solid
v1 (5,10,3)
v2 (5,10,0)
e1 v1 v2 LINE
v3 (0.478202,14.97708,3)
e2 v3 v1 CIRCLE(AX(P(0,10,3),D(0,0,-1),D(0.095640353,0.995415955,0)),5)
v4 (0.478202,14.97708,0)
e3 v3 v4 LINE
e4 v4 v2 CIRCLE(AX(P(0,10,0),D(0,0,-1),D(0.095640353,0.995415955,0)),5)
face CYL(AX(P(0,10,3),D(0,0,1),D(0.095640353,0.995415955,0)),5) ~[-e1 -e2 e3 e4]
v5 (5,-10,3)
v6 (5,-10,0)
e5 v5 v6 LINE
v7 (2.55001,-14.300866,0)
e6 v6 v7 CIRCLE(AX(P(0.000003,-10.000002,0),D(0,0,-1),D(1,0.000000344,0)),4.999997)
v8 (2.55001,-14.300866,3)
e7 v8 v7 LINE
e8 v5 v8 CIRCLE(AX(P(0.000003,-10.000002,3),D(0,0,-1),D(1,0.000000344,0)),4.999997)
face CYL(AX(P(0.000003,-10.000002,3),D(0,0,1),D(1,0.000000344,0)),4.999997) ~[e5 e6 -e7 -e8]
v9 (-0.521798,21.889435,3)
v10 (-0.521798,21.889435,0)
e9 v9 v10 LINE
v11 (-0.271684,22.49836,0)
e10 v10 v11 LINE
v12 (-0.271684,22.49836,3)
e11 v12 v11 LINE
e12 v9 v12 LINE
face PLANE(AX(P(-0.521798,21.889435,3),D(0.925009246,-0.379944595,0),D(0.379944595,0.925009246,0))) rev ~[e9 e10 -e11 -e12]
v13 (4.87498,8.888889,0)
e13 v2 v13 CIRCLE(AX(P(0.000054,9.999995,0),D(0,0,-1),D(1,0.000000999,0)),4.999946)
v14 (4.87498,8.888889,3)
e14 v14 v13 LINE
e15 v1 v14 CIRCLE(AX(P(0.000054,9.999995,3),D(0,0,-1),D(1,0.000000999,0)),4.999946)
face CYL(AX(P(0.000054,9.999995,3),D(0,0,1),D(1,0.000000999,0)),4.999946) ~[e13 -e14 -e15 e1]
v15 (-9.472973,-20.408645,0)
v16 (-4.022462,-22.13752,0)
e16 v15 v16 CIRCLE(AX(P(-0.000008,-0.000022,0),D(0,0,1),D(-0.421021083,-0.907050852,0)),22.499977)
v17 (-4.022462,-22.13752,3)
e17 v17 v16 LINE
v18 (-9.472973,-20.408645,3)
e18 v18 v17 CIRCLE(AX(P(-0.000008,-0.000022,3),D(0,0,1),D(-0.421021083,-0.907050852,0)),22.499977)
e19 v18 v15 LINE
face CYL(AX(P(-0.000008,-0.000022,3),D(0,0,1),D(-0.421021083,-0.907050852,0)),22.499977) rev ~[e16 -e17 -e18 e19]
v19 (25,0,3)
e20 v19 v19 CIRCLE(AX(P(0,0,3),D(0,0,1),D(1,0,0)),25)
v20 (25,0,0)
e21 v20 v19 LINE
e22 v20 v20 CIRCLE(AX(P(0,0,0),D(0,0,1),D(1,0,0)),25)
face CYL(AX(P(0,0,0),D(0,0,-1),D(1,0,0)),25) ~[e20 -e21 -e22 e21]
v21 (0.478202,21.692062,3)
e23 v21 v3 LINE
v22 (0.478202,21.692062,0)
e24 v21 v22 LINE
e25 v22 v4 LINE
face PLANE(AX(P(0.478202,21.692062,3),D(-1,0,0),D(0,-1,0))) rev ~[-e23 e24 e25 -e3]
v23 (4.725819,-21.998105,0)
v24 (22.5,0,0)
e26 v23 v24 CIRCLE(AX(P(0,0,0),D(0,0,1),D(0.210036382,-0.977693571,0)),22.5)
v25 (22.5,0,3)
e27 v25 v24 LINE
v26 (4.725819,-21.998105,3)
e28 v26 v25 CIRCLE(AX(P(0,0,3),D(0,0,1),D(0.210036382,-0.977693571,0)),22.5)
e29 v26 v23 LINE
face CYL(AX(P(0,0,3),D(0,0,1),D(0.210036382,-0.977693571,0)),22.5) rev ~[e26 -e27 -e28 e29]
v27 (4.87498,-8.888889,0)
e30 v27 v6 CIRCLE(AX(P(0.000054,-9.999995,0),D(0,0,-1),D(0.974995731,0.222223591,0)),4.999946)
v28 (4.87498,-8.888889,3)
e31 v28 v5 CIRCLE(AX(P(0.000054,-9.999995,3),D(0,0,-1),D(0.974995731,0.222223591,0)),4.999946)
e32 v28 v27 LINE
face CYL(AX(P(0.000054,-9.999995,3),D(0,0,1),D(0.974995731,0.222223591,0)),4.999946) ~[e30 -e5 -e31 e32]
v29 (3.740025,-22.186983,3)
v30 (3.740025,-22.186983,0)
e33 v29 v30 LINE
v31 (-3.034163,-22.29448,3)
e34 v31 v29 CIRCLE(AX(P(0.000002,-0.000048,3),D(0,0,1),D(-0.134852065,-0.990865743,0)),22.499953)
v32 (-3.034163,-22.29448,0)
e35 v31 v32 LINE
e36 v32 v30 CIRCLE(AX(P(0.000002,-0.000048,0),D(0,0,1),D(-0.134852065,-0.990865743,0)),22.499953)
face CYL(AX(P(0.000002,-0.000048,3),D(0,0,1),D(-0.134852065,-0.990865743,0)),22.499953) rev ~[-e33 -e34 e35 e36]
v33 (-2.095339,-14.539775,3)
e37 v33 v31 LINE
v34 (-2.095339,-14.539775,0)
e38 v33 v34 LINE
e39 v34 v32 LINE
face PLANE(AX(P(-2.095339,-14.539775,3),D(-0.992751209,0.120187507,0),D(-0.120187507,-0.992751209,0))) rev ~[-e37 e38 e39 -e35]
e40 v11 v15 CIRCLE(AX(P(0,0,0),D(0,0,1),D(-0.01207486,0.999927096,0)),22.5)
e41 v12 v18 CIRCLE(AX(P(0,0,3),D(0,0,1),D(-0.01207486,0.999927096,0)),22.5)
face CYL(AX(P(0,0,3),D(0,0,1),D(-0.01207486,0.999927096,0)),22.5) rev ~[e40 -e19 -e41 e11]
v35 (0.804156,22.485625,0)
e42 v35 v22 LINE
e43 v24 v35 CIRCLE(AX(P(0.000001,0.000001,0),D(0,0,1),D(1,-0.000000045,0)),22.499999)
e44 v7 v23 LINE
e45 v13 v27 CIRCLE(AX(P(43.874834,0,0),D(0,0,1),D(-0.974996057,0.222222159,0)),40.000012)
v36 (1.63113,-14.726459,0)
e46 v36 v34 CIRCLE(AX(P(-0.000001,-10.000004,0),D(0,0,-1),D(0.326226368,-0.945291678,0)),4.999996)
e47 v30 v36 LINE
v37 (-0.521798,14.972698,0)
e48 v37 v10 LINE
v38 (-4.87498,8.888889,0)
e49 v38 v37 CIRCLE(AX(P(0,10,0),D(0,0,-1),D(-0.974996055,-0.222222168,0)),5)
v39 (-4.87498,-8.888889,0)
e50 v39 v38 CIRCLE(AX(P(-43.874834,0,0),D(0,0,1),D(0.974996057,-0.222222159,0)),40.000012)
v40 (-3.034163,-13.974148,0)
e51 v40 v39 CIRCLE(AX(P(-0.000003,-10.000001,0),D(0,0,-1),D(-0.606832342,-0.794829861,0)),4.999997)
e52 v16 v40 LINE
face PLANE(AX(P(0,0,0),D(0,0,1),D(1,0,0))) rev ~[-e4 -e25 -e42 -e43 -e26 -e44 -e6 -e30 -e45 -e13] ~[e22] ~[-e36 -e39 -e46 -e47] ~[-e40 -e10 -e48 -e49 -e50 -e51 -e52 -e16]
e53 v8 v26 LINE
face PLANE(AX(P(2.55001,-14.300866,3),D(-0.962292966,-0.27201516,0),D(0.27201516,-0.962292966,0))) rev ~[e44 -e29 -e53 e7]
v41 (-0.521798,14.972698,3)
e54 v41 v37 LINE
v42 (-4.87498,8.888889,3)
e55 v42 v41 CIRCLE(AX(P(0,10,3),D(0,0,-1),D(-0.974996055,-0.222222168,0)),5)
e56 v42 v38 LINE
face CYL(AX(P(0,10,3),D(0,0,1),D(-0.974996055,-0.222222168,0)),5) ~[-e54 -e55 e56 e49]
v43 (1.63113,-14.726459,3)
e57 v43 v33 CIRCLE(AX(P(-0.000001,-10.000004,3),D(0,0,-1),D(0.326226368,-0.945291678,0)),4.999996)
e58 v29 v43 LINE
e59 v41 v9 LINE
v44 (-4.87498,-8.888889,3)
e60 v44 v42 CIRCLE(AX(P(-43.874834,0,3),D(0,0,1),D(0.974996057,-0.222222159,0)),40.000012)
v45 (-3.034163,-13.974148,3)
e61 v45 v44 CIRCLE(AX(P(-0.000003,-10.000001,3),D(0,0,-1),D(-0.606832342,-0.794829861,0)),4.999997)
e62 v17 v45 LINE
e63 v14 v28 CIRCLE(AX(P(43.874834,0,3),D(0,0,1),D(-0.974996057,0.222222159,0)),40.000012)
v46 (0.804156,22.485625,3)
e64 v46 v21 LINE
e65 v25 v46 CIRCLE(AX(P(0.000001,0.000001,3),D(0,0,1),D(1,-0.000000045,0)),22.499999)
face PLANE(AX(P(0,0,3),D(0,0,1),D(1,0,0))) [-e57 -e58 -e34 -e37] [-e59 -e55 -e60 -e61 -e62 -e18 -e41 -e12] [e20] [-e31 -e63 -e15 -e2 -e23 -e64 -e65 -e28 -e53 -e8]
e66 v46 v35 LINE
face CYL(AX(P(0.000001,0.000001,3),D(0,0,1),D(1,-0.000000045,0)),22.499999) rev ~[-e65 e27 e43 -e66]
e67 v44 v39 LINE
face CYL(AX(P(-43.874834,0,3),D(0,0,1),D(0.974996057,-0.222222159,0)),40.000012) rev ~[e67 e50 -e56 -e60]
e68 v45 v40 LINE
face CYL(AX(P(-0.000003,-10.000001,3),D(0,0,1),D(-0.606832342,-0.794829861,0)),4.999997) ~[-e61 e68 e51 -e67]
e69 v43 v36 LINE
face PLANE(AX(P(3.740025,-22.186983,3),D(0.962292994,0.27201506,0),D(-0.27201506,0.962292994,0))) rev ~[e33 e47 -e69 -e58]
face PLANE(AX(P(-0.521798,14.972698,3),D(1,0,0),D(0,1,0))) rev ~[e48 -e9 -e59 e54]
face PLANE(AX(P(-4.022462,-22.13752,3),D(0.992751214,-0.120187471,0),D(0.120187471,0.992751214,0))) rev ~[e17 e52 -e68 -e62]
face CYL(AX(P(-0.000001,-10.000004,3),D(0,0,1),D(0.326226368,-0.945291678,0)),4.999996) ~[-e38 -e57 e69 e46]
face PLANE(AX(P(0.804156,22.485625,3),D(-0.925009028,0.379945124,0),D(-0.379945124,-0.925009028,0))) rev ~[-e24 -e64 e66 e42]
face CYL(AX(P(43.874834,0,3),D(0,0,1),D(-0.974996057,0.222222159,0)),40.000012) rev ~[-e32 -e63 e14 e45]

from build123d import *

# Parameters (mm, degrees)
F0_R     = 25
F1_DEPTH = 3
F3_DEPTH = 3


with BuildPart() as f1:
    # F0 (on Top) → F1 (new body)
    with BuildSketch(Plane.XY):
        Circle(F0_R)
    extrude(amount=F1_DEPTH)

    # F2 (on face) → F3 (cut)
    with BuildSketch(Plane.XY.offset(3)):
        with BuildLine():
            ThreePointArc((4.725819, -21.998105), (17.501156, -14.140705), (22.5, 0))
            ThreePointArc((22.5, 0), (16.191719, 15.623004), (0.804156, 22.485625))
            Line((0.804156, 22.485625), (0.478202, 21.692062))
            Line((0.478202, 21.692062), (0.478202, 14.97708))
            ThreePointArc((0.478202, 14.97708), (3.700744, 13.362216), (5, 10))
            ThreePointArc((5, 10), (4.968647, 9.440939), (4.87498, 8.888889))
            ThreePointArc((4.87498, 8.888889), (3.874822, 0), (4.87498, -8.888889))
            ThreePointArc((4.87498, -8.888889), (4.968647, -9.440939), (5, -10))
            ThreePointArc((5, -10), (4.34454, -12.474869), (2.55001, -14.300866))
            Line((2.55001, -14.300866), (4.725819, -21.998105))
        make_face()
        with BuildLine():
            ThreePointArc((-3.034163, -22.29448), (0.357, -22.497168), (3.740025, -22.186983))
            Line((3.740025, -22.186983), (1.63113, -14.726459))
            ThreePointArc((1.63113, -14.726459), (-0.25017, -14.993738), (-2.095339, -14.539775))
            Line((-2.095339, -14.539775), (-3.034163, -22.29448))
        make_face()
        with BuildLine():
            Line((-0.521798, 21.889435), (-0.271684, 22.49836))
            ThreePointArc((-0.271684, 22.49836), (-21.999826, 4.717802), (-9.472973, -20.408645))
            ThreePointArc((-9.472973, -20.408645), (-6.802863, -21.446936), (-4.022462, -22.13752))
            Line((-4.022462, -22.13752), (-3.034163, -13.974148))
            ThreePointArc((-3.034163, -13.974148), (-4.701447, -11.701881), (-4.87498, -8.888889))
            ThreePointArc((-4.87498, -8.888889), (-3.874822, 0), (-4.87498, 8.888889))
            ThreePointArc((-4.87498, 8.888889), (-4.066262, 12.909555), (-0.521798, 14.972698))
            Line((-0.521798, 14.972698), (-0.521798, 21.889435))
        make_face()
    extrude(amount=-F3_DEPTH, mode=Mode.SUBTRACT)


solid = f1.part
